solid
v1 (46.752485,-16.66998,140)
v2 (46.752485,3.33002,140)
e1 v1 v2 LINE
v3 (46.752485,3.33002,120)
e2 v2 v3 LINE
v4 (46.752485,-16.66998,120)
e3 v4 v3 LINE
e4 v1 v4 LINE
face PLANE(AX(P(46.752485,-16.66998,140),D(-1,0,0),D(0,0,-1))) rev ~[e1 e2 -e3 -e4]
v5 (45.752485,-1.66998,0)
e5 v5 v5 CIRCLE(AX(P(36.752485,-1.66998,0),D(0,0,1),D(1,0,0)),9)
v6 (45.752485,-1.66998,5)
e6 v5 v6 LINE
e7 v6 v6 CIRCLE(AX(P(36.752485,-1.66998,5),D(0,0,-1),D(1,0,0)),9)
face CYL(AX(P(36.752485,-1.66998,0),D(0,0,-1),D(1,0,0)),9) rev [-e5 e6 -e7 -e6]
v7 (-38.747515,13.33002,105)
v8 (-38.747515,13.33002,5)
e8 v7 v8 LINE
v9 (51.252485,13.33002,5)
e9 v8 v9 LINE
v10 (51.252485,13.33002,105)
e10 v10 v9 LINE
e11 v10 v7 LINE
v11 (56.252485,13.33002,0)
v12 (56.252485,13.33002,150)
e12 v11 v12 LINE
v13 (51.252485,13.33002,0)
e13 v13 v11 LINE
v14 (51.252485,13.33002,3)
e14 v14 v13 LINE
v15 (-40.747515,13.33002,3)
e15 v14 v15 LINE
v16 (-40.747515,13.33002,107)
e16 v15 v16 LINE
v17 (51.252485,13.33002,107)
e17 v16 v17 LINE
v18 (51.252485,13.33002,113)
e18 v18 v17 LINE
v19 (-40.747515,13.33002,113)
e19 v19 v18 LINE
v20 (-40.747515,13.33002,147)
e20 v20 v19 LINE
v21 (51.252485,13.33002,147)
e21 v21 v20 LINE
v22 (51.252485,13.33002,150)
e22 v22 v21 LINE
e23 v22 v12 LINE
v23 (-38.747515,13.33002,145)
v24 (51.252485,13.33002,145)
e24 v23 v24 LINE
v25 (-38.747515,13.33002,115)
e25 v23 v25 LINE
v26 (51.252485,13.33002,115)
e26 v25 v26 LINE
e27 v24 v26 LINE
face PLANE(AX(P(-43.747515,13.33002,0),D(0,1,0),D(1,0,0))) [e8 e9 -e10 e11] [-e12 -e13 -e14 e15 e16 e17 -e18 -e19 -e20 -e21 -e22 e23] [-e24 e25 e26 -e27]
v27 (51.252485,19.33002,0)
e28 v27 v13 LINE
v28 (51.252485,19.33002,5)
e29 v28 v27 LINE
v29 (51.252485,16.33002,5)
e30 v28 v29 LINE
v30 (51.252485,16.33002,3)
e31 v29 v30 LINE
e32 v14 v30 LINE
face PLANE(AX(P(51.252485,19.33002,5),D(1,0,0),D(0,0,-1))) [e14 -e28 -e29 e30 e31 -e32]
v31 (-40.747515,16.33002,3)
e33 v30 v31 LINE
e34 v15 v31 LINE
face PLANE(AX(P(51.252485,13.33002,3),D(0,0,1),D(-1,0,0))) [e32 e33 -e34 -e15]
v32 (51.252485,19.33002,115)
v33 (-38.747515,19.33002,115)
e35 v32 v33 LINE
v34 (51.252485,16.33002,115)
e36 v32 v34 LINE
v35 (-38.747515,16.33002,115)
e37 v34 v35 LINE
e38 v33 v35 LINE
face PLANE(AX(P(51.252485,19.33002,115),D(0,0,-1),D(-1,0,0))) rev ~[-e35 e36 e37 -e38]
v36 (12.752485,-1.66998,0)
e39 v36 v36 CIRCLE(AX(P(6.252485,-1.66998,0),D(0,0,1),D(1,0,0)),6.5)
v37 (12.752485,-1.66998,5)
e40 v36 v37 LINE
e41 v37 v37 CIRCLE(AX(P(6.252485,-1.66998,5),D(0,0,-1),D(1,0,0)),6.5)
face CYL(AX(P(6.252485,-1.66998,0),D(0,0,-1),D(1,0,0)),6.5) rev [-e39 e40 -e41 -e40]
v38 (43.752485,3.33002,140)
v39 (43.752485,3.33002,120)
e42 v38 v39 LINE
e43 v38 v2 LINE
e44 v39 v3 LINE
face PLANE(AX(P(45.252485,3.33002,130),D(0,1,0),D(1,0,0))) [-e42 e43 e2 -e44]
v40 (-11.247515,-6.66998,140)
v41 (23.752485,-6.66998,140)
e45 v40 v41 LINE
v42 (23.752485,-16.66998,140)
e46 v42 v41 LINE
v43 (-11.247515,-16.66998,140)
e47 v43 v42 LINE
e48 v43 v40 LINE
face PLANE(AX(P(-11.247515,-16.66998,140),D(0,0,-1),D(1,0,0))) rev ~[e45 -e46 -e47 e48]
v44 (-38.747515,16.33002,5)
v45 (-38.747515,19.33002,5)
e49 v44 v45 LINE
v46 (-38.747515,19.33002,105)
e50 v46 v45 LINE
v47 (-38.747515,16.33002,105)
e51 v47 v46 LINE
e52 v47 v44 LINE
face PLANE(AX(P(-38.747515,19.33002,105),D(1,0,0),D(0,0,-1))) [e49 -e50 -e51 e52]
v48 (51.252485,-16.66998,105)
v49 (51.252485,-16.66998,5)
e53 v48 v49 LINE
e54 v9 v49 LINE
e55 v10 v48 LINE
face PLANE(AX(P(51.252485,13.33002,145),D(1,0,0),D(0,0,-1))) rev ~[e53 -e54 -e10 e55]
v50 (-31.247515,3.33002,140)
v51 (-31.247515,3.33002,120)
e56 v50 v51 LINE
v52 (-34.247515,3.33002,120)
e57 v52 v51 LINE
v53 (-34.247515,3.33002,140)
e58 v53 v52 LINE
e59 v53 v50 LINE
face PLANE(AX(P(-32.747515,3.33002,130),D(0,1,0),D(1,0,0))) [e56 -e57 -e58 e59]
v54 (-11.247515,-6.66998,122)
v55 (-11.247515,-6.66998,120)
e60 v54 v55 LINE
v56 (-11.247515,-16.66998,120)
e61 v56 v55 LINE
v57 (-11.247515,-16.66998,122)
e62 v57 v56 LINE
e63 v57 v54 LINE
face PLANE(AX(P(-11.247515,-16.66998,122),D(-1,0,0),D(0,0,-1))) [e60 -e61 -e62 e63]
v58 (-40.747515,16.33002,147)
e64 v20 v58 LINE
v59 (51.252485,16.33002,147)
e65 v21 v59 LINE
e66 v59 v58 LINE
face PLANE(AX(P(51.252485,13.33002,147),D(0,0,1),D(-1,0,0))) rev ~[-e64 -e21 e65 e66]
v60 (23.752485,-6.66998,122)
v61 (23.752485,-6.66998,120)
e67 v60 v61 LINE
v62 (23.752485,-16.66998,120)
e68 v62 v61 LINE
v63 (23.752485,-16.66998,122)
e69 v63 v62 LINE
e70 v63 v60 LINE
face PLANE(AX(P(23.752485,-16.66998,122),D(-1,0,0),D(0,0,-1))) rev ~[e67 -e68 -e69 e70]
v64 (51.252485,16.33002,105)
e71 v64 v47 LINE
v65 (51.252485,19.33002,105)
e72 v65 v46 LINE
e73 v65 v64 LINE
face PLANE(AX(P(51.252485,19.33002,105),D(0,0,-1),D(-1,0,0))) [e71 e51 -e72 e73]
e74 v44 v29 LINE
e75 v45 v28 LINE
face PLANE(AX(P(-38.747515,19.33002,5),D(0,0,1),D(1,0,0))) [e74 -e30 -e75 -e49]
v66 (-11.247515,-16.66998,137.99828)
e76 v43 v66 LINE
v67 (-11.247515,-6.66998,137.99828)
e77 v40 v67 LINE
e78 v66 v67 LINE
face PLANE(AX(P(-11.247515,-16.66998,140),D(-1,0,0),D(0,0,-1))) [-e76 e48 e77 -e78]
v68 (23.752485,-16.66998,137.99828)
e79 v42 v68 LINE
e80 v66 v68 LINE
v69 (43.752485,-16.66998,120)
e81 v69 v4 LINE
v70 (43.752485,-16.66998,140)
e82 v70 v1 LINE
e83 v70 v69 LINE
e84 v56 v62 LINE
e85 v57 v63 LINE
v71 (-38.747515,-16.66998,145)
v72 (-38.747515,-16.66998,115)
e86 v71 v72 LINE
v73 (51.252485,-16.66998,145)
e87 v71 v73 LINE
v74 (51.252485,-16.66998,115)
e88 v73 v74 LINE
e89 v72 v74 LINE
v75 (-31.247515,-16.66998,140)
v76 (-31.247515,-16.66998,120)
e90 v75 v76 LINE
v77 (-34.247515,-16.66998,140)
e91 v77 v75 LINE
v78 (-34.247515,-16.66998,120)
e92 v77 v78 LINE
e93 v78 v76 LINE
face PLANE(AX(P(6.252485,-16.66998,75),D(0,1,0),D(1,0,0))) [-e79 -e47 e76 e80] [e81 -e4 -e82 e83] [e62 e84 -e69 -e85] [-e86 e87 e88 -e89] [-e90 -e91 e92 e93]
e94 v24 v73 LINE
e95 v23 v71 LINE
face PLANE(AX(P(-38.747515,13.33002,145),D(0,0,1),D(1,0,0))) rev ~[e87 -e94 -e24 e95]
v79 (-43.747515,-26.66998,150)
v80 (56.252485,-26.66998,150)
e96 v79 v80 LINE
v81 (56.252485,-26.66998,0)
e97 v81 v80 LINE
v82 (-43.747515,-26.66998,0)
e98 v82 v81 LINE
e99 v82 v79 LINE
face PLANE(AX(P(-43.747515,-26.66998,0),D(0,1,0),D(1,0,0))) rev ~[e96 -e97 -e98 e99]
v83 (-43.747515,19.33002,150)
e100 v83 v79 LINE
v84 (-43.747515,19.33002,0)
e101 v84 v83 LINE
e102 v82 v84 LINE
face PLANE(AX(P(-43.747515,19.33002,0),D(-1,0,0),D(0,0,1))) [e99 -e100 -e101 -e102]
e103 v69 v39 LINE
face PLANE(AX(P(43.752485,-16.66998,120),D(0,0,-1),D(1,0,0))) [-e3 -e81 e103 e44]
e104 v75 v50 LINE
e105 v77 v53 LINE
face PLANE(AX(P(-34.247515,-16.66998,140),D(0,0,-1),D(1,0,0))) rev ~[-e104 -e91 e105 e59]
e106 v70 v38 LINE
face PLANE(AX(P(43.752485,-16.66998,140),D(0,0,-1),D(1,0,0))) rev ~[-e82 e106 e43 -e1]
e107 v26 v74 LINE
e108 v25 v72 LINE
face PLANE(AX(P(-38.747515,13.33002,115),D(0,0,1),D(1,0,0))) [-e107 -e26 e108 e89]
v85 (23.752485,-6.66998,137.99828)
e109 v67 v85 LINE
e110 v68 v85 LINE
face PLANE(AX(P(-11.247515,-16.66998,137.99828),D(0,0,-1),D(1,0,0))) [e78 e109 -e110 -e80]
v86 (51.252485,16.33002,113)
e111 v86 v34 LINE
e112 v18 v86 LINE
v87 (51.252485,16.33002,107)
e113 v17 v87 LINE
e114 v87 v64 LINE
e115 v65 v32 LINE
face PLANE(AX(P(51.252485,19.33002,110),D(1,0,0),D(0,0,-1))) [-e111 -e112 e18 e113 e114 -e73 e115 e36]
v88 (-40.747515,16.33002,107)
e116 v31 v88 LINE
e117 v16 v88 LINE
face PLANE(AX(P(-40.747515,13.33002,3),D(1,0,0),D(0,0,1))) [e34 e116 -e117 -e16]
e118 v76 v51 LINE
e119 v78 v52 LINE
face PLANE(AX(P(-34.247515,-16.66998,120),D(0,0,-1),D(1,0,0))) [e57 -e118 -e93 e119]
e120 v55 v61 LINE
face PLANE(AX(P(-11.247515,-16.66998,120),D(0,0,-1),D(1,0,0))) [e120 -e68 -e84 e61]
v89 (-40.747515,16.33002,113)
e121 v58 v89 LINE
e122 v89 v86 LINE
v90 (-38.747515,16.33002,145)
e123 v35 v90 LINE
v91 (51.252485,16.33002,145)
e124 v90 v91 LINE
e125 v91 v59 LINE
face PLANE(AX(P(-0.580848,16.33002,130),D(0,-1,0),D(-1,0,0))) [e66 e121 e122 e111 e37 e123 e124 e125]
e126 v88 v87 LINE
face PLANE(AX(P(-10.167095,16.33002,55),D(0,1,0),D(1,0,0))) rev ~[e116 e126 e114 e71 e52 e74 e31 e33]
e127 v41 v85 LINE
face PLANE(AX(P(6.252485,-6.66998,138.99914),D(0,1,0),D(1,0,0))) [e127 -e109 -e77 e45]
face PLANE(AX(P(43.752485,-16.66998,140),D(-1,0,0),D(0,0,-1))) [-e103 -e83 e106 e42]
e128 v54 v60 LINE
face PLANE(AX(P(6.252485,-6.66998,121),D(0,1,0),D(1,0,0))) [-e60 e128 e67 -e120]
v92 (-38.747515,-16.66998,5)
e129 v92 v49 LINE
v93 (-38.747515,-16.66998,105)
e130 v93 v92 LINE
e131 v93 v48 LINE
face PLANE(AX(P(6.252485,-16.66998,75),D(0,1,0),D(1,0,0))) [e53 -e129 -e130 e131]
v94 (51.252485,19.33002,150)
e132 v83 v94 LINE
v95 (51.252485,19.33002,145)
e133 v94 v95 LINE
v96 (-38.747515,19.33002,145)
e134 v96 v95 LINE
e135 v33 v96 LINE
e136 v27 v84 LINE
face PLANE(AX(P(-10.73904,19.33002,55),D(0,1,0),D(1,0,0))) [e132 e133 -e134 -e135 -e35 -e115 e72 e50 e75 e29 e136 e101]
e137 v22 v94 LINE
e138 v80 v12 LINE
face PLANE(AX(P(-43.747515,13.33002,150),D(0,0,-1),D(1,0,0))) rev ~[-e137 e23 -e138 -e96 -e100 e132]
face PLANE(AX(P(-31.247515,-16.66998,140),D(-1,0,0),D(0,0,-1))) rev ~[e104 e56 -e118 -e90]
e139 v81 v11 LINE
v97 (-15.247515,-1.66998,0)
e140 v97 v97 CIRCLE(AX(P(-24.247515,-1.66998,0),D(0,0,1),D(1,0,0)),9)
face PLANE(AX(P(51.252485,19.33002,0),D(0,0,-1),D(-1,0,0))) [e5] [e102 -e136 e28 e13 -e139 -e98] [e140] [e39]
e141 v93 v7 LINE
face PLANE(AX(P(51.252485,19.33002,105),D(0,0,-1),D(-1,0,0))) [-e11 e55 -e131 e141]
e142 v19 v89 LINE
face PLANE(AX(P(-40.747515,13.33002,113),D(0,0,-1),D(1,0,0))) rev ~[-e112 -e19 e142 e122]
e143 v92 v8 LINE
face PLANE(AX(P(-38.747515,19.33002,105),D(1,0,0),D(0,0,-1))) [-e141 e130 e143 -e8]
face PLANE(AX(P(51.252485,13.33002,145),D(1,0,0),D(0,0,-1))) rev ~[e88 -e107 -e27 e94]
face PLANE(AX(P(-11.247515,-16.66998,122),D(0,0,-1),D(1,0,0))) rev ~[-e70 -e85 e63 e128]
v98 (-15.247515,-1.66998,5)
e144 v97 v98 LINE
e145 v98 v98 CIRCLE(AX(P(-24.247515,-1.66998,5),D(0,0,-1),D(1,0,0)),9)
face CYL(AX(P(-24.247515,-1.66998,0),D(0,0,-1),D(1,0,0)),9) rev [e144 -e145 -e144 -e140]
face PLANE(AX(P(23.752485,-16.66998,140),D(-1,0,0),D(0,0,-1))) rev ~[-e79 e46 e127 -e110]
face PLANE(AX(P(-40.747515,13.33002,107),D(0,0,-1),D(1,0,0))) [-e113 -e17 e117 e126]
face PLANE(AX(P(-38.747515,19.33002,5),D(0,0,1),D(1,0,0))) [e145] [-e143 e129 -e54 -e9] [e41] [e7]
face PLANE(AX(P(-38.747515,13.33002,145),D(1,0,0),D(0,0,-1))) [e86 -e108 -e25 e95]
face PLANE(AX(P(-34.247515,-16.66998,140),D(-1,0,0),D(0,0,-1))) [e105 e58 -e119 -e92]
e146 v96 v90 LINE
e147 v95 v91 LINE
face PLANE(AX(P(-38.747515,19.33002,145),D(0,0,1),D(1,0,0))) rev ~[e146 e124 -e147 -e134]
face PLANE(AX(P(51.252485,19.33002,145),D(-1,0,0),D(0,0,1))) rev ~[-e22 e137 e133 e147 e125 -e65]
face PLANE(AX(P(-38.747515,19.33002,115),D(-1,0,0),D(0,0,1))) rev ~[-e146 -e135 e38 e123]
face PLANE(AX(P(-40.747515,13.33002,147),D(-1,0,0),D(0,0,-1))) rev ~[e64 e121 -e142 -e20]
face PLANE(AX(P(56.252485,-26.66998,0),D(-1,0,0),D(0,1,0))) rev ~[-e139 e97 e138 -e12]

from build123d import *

# Parameters (mm, degrees)
SKETCH1_W            = 100
SKETCH1_H            = 40
BOSS_EXTRUDE1_DEPTH  = 150
SKETCH2_W            = 90
SKETCH2_H            = 140
CUT_EXTRUDE1_DEPTH   = 30
SKETCH5_W            = 90
SKETCH5_H            = 10
BOSS_EXTRUDE3_DEPTH  = 30
BOSS_EXTRUDE6_DEPTH  = 6
BOSS_EXTRUDE7_DEPTH  = 3
BOSS_EXTRUDE8_DEPTH  = 6
CUT_EXTRUDE7_DEPTH   = 3
SKETCH14_W           = 3
SKETCH14_H           = 20
BOSS_EXTRUDE9_DEPTH  = 20
SKETCH15_W           = 3
SKETCH15_H           = 20
BOSS_EXTRUDE10_DEPTH = 20
SKETCH16_W           = 35
SKETCH16_H           = 2
BOSS_EXTRUDE11_DEPTH = 10
SKETCH17_W           = 35
SKETCH17_H           = 2.001720383
BOSS_EXTRUDE12_DEPTH = 10
SKETCH18_R           = 6.5
SKETCH18_R_2         = 9
CUT_EXTRUDE9_DEPTH   = 10


with BuildPart() as part:
    # Sketch1 → Boss-Extrude1 (new body)
    with BuildSketch(Plane.XY):
        with Locations((6.252485089, -6.669980119)):
            Rectangle(SKETCH1_W, SKETCH1_H)
    extrude(amount=BOSS_EXTRUDE1_DEPTH)

    # Sketch2 → Cut-Extrude1 (cut)
    with BuildSketch(Plane(origin=(0, 13.330019881, 0), x_dir=(1, 0, 0), z_dir=(0, 1, 0))):
        with Locations((6.252485089, -75)):
            Rectangle(SKETCH2_W, SKETCH2_H)
    extrude(amount=-CUT_EXTRUDE1_DEPTH, mode=Mode.SUBTRACT)

    # Sketch5 → Boss-Extrude3 (add)
    with BuildSketch(Plane(origin=(0, 13.330019881, 0), x_dir=(1, 0, 0), z_dir=(0, 1, 0))):
        with Locations((6.252485089, -110)):
            Rectangle(SKETCH5_W, SKETCH5_H)
    extrude(amount=-BOSS_EXTRUDE3_DEPTH)

    # Sketch8 → Boss-Extrude6 (add)
    with BuildSketch(Plane(origin=(0, 13.330019881, 0), x_dir=(1, 0, 0), z_dir=(0, 1, 0))):
        Polygon((-43.747514911, -113), (-43.747514911, -150), (-40.747514911, -150), (51.252485089, -150), (51.252485089, -147), (-40.747514911, -147), (-40.747514911, -113), (51.252485089, -113), (51.252485089, -110), (-43.747514911, -110), align=None)
    extrude(amount=BOSS_EXTRUDE6_DEPTH)

    # Sketch10 → Boss-Extrude7 (add)
    with BuildSketch(Plane(origin=(0, 19.330019881, 0), x_dir=(1, 0, 0), z_dir=(0, 1, 0))):
        Polygon((51.252485089, -113), (51.252485089, -115), (-38.747514911, -115), (-38.747514911, -145), (51.252485089, -145), (51.252485089, -147), (-40.747514911, -147), (-40.747514911, -113), align=None)
    extrude(amount=-BOSS_EXTRUDE7_DEPTH)

    # Sketch11 → Boss-Extrude8 (add)
    with BuildSketch(Plane(origin=(0, 19.330019881, 0), x_dir=(1, 0, 0), z_dir=(0, 1, 0))):
        Polygon((51.252485089, -110), (51.252485089, -105), (-38.747514911, -105), (-38.747514911, -5), (51.252485089, -5), (51.252485089, 0), (-43.747514911, 0), (-43.747514911, -110), align=None)
    extrude(amount=-BOSS_EXTRUDE8_DEPTH)

    # Sketch13 → Cut-Extrude7 (cut)
    with BuildSketch(Plane(origin=(0, 13.330019881, 0), x_dir=(1, 0, 0), z_dir=(0, 1, 0))):
        Polygon((51.252485089, -3), (-40.747514911, -3), (-40.747514911, -107), (51.252485089, -107), (51.252485089, -105), (-38.747514911, -105), (-38.747514911, -5), (51.252485089, -5), align=None)
    extrude(amount=CUT_EXTRUDE7_DEPTH, mode=Mode.SUBTRACT)

    # Sketch14 → Boss-Extrude9 (add)
    with BuildSketch(Plane(origin=(0, -16.669980119, 0), x_dir=(1, 0, 0), z_dir=(0, 1, 0))):
        with Locations((-32.747514911, -130)):
            Rectangle(SKETCH14_W, SKETCH14_H)
    extrude(amount=BOSS_EXTRUDE9_DEPTH)

    # Sketch15 → Boss-Extrude10 (add)
    with BuildSketch(Plane(origin=(0, -16.669980119, 0), x_dir=(1, 0, 0), z_dir=(0, 1, 0))):
        with Locations((45.252485089, -130)):
            Rectangle(SKETCH15_W, SKETCH15_H)
    extrude(amount=BOSS_EXTRUDE10_DEPTH)

    # Sketch16 → Boss-Extrude11 (add)
    with BuildSketch(Plane(origin=(0, -16.669980119, 0), x_dir=(1, 0, 0), z_dir=(0, 1, 0))):
        with Locations((6.252485089, -121)):
            Rectangle(SKETCH16_W, SKETCH16_H)
    extrude(amount=BOSS_EXTRUDE11_DEPTH)

    # Sketch17 → Boss-Extrude12 (add)
    with BuildSketch(Plane(origin=(0, -16.669980119, 0), x_dir=(1, 0, 0), z_dir=(0, 1, 0))):
        with Locations((6.252485089, -138.999139808)):
            Rectangle(SKETCH17_W, SKETCH17_H)
    extrude(amount=BOSS_EXTRUDE12_DEPTH)

    # Sketch18 → Cut-Extrude9 (cut)
    with BuildSketch(Plane.XY):
        with Locations((6.252485089, -1.669980119)):
            Circle(SKETCH18_R)
        with Locations((36.752485089, -1.669980119)):
            Circle(SKETCH18_R_2)
        with Locations((-24.247514911, -1.669980119)):
            Circle(SKETCH18_R_2)
    extrude(amount=CUT_EXTRUDE9_DEPTH, mode=Mode.SUBTRACT)


solid = part.part
